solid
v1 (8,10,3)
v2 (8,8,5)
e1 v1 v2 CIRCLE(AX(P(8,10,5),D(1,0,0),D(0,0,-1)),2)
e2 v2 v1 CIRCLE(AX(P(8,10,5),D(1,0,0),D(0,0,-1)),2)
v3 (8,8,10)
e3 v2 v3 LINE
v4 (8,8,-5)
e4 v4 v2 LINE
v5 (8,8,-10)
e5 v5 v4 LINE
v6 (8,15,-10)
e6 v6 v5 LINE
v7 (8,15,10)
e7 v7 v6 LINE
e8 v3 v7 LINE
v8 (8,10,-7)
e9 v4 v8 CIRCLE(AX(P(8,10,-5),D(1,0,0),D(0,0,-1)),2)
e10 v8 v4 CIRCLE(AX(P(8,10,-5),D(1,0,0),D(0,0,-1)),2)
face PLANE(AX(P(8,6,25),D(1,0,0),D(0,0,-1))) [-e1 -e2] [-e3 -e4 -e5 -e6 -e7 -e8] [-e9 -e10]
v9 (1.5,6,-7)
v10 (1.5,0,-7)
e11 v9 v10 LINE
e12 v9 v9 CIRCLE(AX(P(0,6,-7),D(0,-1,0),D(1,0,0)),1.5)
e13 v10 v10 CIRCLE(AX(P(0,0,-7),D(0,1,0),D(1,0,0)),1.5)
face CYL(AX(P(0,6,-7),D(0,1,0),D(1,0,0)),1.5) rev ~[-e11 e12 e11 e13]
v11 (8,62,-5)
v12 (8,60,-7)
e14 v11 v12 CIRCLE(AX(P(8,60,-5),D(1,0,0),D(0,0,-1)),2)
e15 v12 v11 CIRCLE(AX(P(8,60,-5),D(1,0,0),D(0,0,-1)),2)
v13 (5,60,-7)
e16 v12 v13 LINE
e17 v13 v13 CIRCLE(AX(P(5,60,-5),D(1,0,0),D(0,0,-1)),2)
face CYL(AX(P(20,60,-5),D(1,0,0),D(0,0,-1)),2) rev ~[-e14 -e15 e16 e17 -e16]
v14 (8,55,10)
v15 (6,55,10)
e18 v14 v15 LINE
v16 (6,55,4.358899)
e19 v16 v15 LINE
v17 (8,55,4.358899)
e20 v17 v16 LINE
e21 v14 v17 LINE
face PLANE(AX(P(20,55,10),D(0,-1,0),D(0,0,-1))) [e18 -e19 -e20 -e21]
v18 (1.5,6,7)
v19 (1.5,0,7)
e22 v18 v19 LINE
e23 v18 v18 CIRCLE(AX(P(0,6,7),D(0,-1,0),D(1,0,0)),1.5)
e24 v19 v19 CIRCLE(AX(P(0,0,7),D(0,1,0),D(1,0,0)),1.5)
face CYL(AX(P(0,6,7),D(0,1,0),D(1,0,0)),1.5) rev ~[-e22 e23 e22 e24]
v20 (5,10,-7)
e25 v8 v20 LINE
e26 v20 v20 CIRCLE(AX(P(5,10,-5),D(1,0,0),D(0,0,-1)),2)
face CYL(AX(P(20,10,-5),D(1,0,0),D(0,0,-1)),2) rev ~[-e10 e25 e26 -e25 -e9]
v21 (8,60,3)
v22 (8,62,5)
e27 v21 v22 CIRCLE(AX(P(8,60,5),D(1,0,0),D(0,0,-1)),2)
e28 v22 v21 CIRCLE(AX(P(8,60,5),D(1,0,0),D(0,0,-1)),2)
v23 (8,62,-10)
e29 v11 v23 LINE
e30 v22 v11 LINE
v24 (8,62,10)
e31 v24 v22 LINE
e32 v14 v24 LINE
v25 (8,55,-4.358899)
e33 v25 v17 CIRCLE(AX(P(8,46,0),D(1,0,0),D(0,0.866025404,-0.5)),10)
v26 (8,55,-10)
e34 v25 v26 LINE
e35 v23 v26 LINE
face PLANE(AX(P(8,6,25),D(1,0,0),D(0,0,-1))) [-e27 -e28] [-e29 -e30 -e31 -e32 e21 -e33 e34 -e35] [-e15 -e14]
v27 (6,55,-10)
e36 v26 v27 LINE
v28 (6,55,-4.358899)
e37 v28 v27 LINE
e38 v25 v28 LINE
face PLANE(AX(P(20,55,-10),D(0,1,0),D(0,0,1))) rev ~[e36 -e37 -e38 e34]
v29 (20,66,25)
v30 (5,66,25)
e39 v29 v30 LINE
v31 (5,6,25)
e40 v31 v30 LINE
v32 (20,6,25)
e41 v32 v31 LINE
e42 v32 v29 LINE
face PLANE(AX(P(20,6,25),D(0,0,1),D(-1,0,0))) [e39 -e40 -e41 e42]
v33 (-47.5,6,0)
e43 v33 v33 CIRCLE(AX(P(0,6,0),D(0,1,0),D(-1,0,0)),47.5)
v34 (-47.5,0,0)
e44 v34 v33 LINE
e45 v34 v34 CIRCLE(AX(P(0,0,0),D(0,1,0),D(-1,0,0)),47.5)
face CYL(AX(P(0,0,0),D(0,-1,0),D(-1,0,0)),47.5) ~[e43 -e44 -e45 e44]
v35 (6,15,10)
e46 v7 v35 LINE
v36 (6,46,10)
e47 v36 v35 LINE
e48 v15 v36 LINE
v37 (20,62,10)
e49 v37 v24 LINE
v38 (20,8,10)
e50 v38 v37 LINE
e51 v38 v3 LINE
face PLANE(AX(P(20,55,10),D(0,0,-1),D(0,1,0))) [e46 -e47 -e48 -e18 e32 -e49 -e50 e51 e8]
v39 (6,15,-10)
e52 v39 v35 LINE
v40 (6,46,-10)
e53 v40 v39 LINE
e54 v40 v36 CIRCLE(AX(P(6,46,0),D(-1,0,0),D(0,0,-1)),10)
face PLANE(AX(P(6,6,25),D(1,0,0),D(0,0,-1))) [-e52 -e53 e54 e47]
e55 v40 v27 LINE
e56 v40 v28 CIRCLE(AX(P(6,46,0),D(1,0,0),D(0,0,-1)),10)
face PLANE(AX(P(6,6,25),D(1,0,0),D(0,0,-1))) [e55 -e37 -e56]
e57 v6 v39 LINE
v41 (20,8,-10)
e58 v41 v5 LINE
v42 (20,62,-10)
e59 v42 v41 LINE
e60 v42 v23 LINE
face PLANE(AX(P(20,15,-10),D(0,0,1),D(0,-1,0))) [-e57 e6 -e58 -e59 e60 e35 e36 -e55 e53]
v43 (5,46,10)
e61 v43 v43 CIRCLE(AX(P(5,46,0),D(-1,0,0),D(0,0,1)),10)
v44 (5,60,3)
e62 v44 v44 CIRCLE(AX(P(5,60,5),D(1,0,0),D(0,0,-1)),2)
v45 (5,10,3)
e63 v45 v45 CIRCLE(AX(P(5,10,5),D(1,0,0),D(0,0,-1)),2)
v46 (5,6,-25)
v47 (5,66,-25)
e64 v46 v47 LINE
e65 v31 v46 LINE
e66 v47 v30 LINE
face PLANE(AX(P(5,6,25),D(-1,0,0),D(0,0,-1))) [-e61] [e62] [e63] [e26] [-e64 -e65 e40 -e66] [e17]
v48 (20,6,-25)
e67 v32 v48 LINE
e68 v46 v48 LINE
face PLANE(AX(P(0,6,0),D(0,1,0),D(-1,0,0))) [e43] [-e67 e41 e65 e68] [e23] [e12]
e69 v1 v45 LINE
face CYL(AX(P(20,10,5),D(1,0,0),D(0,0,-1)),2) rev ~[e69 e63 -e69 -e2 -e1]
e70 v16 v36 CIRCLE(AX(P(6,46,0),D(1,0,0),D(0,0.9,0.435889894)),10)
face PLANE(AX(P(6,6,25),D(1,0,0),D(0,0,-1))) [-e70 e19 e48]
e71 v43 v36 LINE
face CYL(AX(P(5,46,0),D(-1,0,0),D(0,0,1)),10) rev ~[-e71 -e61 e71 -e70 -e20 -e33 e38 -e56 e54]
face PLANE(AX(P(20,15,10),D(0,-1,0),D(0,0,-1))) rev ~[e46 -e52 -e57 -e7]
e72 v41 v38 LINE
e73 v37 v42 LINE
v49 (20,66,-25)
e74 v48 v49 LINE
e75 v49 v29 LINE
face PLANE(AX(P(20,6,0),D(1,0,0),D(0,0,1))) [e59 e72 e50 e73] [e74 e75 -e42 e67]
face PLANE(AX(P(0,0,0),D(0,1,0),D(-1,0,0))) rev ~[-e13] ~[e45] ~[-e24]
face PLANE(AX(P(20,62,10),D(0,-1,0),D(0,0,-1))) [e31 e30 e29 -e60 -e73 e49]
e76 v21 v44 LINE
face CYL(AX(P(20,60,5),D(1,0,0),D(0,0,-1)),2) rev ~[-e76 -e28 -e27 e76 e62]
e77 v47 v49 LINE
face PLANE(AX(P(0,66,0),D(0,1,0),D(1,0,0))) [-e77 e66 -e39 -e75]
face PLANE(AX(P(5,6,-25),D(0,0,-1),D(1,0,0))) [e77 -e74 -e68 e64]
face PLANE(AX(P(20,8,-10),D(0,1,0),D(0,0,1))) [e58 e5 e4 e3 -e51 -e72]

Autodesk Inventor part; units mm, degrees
ref_plane "YZ Plane" through (0, 0, 0) normal (1, 0, 0) x (0, 1, 0)
ref_plane "XZ Plane" through (0, 0, 0) normal (0, 1, 0) x (-1, 0, 0)
ref_plane "XY Plane" through (0, 0, 0) normal (0, 0, 1) x (1, 0, 0)
sketch "Sketch1" plane through (0, 0, 0) normal (0, 1, 0) x (-1, 0, 0)
  circle A0 centre (0, 0) radius 47.5
  dimension "d0" = 95
extrude "Extrusion1" add sketch "Sketch1" along normal blind 6
sketch "Sketch2" plane through (0, 6, 0) normal (0, 1, 0) x (1, 0, 0)
  circle A0 centre (0, 0) radius 7
  circle A1 centre (0, -7) radius 1.5
  circle A2 centre (0, 7) radius 1.5
  dimension "d3" = 14
  dimension "d4" = 3
  dimension "d5" = 3
extrude "Extrusion2" cut sketch "Sketch2" against normal blind 6 contours A2 A0 | A0 A2 | A1 A0 | A0 A1
sketch "Sketch3" plane through (0, 6, 0) normal (0, 1, 0) x (1, 0, 0)
  line L0 (0, 0) -> (5, 0)
  line L1 (5, 0) -> (5, -10)
  line L2 (5, -10) -> (0, -10)
  line L3 (0, -10) -> (0, 0)
  line L4 (5, 0) -> (0, 0)
  line L5 (0, 0) -> (0, 10)
  line L6 (0, 10) -> (5, 10)
  line L7 (5, 10) -> (5, 0)
  line L8 (5, 0) -> (20, 0)
  line L9 (20, 0) -> (20, -25)
  line L10 (20, -25) -> (5, -25)
  line L11 (5, -25) -> (5, 0)
  line L12 (20, 0) -> (5, 0)
  line L13 (5, 0) -> (5, 25)
  line L14 (5, 25) -> (20, 25)
  line L15 (20, 25) -> (20, 0)
  dimension "d8" = 5
  dimension "d9" = 10
  dimension "d10" = 10
  dimension "d11" = 15
  dimension "d12" = 25
  dimension "d13" = 25
extrude "Extrusion3" add sketch "Sketch3" along normal blind 60 contours L8 L9 L10 L11 L1 | L7 L13 L14 L15 L8
sketch "Sketch4" plane through (5, 6, -25) normal (-1, 0, 0) x (0, 0, 1)
  line L0 (50, 0) -> (50, 60) projected
  line L1 (50, 0) -> (48, 0)
  line L2 (48, 0) -> (48, 40)
  line L3 (48, 40) -> (50, 40)
  line L4 (50, 40) -> (50, 0)
  circle A0 centre (25, 40) radius 10
  point P0 (25, -6)
  dimension "d16" = 2
  dimension "d17" = 40
  dimension "d18" = 20
extrude "Extrusion4" cut sketch "Sketch4" against normal blind 20 contours A0
sketch "Sketch5" plane through (20, 6, 25) normal (1, 0, 0) x (0, 0, -1)
  circle A0 centre (25, 40) radius 10 projected
  line L0 (25, 40) -> (30, 40)
  line L1 (30, 40) -> (30, 4)
  line L2 (30, 4) -> (25, 4)
  line L3 (25, 4) -> (25, 40)
  line L4 (25, 40) -> (20, 40)
  line L5 (20, 40) -> (20, 4)
  line L6 (20, 4) -> (25, 4)
  line L7 (25, 4) -> (25, 40)
  circle A1 centre (20, 4) radius 2
  circle A2 centre (30, 4) radius 2
  point P0 (25, -6)
  dimension "d21" = 5
  dimension "d22" = 36
  dimension "d23" = 5
  dimension "d24" = 36
  dimension "d25" = 4
  dimension "d26" = 4
extrude "Extrusion5" cut sketch "Sketch5" against normal blind 20 contours A1 L6 L5 | L5 L6 A1 | A2 L2 L1 | L1 L2 A2
sketch "Sketch6" plane through (20, 6, 25) normal (1, 0, 0) x (0, 0, -1)
  line L0 (25, 40) -> (30, 40)
  line L1 (30, 40) -> (30, 54)
  line L2 (30, 54) -> (25, 54)
  line L3 (25, 54) -> (25, 40)
  line L4 (25, 40) -> (20, 40)
  line L5 (20, 40) -> (20, 54)
  line L6 (20, 54) -> (25, 54)
  line L7 (25, 54) -> (25, 40)
  circle A0 centre (20, 54) radius 2
  circle A1 centre (30, 54) radius 2
  point P0 (25, -6)
  dimension "d29" = 5
  dimension "d30" = 14
  dimension "d31" = 5
  dimension "d32" = 14
  dimension "d33" = 4
  dimension "d34" = 4
extrude "Extrusion6" cut sketch "Sketch6" against normal blind 20 contours A1 L2 L1 | L1 L2 A1 | A0 L5 L6 | L6 L5 A0
sketch "Sketch7" plane through (20, 6, 25) normal (1, 0, 0) x (0, 0, -1)
  line L0 (20, 54) -> (30, 54)
  line L1 (30, 54) -> (30, 4)
  line L2 (30, 4) -> (20, 4)
  line L3 (20, 4) -> (20, 54)
  circle A0 centre (20, 54) radius 2 projected
  line L4 (0, 0) -> (0, 60) projected
  line L5 (20, 54) -> (0, 54)
  line L6 (0, 54) -> (0, 49)
  line L7 (0, 49) -> (20, 49)
  line L8 (20, 49) -> (20, 54)
  circle A1 centre (25, 40) radius 10 projected
  line L9 (25, 40) -> (15, 40)
  line L10 (15, 40) -> (15, 30)
  line L11 (15, 30) -> (25, 30)
  line L12 (25, 30) -> (25, 40)
  line L13 (25, 40) -> (35, 40)
  line L14 (35, 40) -> (35, 30)
  line L15 (35, 30) -> (25, 30)
  line L16 (25, 30) -> (25, 40)
  line L17 (35, 40) -> (15, 40)
  line L18 (15, 40) -> (15, 9)
  line L19 (15, 9) -> (35, 9)
  line L20 (35, 9) -> (35, 40)
  line L21 (15, 9) -> (35, 9)
  line L22 (35, 9) -> (35, 49)
  line L23 (35, 49) -> (15, 49)
  line L24 (15, 49) -> (15, 9)
  point P0 (25, -6)
  point P1 (30, 49)
  point P2 (30, 48.6603)
  point P3 (15, 49)
  point P4 (20, 48.6603)
  dimension "d37" = 10
  dimension "d38" = 50
  dimension "d39" = 5
  dimension "d40" = 10
  dimension "d41" = 10
  dimension "d42" = 10
  dimension "d43" = 31
  dimension "d44" = 40
extrude "Extrusion7" cut sketch "Sketch7" against normal blind 14 contours L3 A1 L24 L7 | L23 L22 A1 L1 | A1 L3 L11 L10 | L14 L15 L1 A1 | A1 L11 L3 | L11 L3 L19 L18 | L1 L15 A1 | L20 L19 L1 L15 | L11 L15 L1 L19 L3
sketch "Sketch8" plane through (20, 6, 25) normal (1, 0, 0) x (0, 0, -1)
  line L0 (15, 40) -> (15, 49) projected
  line L1 (15, 49) -> (35, 49)
  line L2 (35, 49) -> (35, 56)
  line L3 (35, 56) -> (15, 56)
  line L4 (15, 56) -> (15, 49)
  line L5 (35, 9) -> (15, 9) projected
  line L6 (15, 9) -> (35, 9)
  line L7 (35, 9) -> (35, 2)
  line L8 (35, 2) -> (15, 2)
  line L9 (15, 2) -> (15, 9)
  point P0 (25, -6)
  dimension "d47" = 20
  dimension "d48" = 7
  dimension "d49" = 20
  dimension "d50" = 7
sketch "Sketch9" plane through (20, 6, 25) normal (1, 0, 0) x (0, 0, -1)
  line L0 (15, 40) -> (15, 49) projected
  circle A0 centre (25, 40) radius 10 projected
  line L1 (15, 49) -> (35, 49)
  line L2 (35, 49) -> (35, 40)
  line L3 (35, 40) -> (15, 40)
  line L4 (15, 40) -> (15, 49)
  line L5 (15, 49) -> (20, 49) projected
  line L6 (20, 49) -> (20.777, 49)
  line L7 (20.777, 49) -> (20.777, 48.469)
  line L8 (20.777, 48.469) -> (20, 48.469)
  line L9 (20, 48.469) -> (20, 49)
  line L10 (30, 49) -> (35, 49) projected
  line L11 (30, 49) -> (29.2041, 49)
  line L12 (29.2041, 49) -> (29.2041, 48.469)
  line L13 (29.2041, 48.469) -> (30, 48.469)
  line L14 (30, 48.469) -> (30, 49)
  line L15 (35, 49) -> (35, 9) projected
  line L16 (15, 56) -> (35, 56)
  line L17 (35, 56) -> (35, 49)
  line L18 (35, 49) -> (15, 49)
  line L19 (15, 49) -> (15, 56)
  line L20 (15, 9) -> (15, 49) projected
  line L21 (15, 9) -> (35, 9)
  line L22 (35, 9) -> (35, 2)
  line L23 (35, 2) -> (15, 2)
  line L24 (15, 2) -> (15, 9)
  point P0 (25, -6)
  point P1 (20, 48.6603)
  point P2 (30, 48.6603)
  dimension "d51" = 7
extrude "Extrusion8" cut sketch "Sketch9" against normal blind 12 contours L19 L16 L17 L1 A0 | L9 L1 A0 | L21 L22 L23 L24 | A0 L1 L14
sketch "Sketch10" plane through (8, 60, -5) normal (1, 0, 0) x (0, 0, -1)
  line L0 (-10, -5) -> (-10, -5.3397) projected
  line L1 (-10, -5) -> (0, -5)
  line L2 (0, -5) -> (0, -5.5581)
  line L3 (0, -5.5581) -> (-10, -5.5581)
  line L4 (-10, -5.5581) -> (-10, -5)
  point P0 (-5, -60)
extrude "Extrusion9" cut sketch "Sketch10" against normal blind 2
properties part number "BaseTop"
